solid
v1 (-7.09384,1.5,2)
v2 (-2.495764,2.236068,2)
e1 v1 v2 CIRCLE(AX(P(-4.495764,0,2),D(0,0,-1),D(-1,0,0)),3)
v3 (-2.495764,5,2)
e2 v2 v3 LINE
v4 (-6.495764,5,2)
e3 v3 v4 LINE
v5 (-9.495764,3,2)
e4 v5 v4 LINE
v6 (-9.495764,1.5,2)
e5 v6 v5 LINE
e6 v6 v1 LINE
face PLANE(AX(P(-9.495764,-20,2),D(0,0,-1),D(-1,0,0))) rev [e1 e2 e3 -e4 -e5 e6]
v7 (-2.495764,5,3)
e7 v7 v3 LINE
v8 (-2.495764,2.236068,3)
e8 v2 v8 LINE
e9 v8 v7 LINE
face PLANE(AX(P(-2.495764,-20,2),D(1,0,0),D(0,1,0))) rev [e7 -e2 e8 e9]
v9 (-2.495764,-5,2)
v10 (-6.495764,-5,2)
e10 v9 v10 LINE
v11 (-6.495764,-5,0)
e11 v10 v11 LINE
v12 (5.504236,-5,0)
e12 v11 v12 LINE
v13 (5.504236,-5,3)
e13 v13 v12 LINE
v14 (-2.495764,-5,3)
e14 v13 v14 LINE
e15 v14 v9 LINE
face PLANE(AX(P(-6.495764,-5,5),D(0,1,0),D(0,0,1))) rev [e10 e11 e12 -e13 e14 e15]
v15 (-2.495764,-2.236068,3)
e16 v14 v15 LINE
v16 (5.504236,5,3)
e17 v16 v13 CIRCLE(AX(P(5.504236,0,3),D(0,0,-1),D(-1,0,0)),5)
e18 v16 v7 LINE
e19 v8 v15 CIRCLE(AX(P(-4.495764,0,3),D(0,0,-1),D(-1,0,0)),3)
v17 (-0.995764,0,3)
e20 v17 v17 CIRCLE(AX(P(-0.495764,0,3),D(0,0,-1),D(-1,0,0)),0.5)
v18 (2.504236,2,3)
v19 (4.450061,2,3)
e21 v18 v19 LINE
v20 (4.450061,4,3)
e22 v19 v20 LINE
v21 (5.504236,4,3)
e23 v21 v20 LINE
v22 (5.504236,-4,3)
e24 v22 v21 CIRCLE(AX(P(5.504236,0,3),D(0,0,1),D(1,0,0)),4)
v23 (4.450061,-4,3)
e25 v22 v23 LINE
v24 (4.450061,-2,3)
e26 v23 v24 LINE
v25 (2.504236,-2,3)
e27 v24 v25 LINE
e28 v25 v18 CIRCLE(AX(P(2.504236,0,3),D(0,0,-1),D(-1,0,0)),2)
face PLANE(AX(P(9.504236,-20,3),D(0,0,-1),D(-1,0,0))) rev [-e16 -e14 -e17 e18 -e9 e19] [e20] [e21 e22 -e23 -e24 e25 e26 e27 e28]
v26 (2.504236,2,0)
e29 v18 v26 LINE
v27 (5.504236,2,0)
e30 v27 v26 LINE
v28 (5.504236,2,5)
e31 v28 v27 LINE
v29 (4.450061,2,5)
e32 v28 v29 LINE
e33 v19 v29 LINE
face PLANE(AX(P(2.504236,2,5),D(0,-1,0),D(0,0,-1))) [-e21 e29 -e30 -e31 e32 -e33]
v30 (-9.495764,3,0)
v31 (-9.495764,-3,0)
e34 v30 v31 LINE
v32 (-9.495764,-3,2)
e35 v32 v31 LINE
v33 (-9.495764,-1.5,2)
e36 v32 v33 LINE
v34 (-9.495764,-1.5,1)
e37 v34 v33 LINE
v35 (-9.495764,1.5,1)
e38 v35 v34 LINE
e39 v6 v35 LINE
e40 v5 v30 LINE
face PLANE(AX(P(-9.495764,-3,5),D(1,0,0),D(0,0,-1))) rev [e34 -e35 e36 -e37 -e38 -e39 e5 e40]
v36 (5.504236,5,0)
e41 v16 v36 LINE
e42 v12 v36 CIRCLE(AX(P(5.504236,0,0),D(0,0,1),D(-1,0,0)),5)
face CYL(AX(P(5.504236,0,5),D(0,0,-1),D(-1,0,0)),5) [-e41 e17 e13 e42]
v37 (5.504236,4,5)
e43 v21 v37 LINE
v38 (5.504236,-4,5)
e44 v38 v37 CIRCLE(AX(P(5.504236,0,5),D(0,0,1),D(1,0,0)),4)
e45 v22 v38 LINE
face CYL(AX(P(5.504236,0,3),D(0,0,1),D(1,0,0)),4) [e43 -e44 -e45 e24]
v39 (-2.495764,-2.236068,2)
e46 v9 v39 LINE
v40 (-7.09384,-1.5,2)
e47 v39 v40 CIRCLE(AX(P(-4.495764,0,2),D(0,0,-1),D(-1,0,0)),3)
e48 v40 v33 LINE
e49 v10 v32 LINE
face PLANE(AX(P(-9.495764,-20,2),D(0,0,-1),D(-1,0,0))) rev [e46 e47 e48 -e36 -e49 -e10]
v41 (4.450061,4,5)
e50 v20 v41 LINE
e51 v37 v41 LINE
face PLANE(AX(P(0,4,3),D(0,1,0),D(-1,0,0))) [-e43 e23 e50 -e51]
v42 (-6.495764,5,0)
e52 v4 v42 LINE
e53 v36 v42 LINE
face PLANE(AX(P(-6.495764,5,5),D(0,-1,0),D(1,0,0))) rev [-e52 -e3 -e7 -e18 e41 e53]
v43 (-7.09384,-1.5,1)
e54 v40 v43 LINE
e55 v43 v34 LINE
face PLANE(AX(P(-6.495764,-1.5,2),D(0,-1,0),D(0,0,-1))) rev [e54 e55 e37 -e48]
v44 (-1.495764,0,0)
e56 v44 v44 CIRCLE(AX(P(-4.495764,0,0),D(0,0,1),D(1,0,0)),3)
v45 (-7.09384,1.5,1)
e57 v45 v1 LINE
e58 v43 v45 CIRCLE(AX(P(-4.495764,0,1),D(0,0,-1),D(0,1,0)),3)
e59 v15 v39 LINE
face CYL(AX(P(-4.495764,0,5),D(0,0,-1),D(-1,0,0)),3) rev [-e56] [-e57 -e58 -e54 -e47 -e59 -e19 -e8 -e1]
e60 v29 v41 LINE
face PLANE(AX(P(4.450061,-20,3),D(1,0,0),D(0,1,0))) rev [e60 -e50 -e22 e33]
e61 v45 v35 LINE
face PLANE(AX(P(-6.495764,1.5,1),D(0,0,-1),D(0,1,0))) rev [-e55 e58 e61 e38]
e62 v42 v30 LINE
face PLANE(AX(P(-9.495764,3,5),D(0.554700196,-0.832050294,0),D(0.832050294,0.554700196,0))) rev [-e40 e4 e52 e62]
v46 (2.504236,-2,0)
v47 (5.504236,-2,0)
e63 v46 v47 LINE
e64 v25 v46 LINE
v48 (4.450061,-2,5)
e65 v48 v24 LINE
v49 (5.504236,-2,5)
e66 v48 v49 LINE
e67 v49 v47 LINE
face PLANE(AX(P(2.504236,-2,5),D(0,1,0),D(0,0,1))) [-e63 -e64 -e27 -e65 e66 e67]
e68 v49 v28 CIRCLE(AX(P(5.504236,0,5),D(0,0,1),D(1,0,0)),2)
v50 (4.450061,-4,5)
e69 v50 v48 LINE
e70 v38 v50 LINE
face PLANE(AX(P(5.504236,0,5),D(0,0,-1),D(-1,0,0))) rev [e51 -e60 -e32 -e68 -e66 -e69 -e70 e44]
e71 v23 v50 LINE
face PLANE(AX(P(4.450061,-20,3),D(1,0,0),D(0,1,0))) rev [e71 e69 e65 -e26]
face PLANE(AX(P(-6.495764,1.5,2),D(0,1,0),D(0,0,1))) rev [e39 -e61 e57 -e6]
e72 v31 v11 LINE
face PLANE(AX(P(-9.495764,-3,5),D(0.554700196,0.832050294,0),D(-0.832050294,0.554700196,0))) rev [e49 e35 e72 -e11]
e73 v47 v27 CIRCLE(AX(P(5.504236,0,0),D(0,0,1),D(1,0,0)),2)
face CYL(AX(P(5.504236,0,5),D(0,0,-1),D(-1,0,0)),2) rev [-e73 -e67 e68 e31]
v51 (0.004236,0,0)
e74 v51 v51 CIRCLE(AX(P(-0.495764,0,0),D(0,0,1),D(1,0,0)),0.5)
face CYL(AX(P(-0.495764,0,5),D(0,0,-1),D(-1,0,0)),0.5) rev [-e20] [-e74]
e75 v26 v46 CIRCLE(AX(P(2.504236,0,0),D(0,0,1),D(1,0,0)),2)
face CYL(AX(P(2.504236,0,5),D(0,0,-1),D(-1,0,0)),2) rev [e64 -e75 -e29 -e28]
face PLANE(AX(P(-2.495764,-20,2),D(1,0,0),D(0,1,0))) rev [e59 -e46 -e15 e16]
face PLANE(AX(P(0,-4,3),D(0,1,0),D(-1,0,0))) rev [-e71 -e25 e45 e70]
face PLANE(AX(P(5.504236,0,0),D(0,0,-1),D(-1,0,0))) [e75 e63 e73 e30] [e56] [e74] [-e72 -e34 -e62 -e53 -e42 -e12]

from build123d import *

# Parameters (mm, degrees)
SKETCH1_R           = 3
SKETCH1_R_2         = 0.5
BOSS_EXTRUDE1_DEPTH = 5
CUT_EXTRUDE1_DEPTH  = 25
CUT_EXTRUDE2_DEPTH  = 2
SKETCH4_W           = 1
SKETCH4_H           = 3
CUT_EXTRUDE3_DEPTH  = 3


with BuildPart() as part:
    # Sketch1 → Boss-Extrude1 (new body)
    with BuildSketch(Plane.XY):
        with BuildLine():
            Line((-9.495764101, 3), (-6.495764101, 5))
            Line((-6.495764101, 5), (5.504235899, 5))
            ThreePointArc((5.504235899, 5), (9.046847958, 3.528441554), (10.504195739, -0.02004008))
            ThreePointArc((10.504195739, -0.02004008), (9.032677453, -3.542612059), (5.504235899, -5))
            Line((5.504235899, -5), (-6.495764101, -5))
            Line((-6.495764101, -5), (-9.495764101, -3))
            Line((-9.495764101, -3), (-9.495764101, 3))
        make_face()
        with Locations((-4.495764101, 0)):
            Circle(SKETCH1_R, mode=Mode.SUBTRACT)
        with Locations((-0.495764101, 0)):
            Circle(SKETCH1_R_2, mode=Mode.SUBTRACT)
        with BuildLine():
            Line((2.504235899, 2), (5.504235899, 2))
            ThreePointArc((5.504235899, 2), (7.504235899, 0), (5.504235899, -2))
            Line((5.504235899, -2), (2.504235899, -2))
            ThreePointArc((2.504235899, -2), (0.504235899, 0), (2.504235899, 2))
        make_face(mode=Mode.SUBTRACT)
    extrude(amount=BOSS_EXTRUDE1_DEPTH)

    # Sketch2 → Cut-Extrude1 (cut)
    with BuildSketch(Plane(origin=(0, 5, 0), x_dir=(1, 0, 0), z_dir=(0, 1, 0))):
        Polygon((-9.495764101, -2), (-2.495764101, -2), (-2.495764101, -3), (4.450061274, -3), (4.450061274, -5), (9.504235899, -5), (9.504235899, -3), (10.504235899, -3), (10.504235899, -6.643116644), (-9.495764101, -6.643116644), align=None)
    extrude(amount=-CUT_EXTRUDE1_DEPTH, mode=Mode.SUBTRACT)

    # Sketch3 → Cut-Extrude2 (cut)
    with BuildSketch(Plane.XY.offset(5)):
        with BuildLine():
            Line((4.450061274, 5), (4.450061274, 4))
            Line((4.450061274, 4), (5.504235899, 4))
            ThreePointArc((5.504235899, 4), (8.332663024, 2.828427125), (9.504235899, 0))
            Line((9.504235899, 0), (9.504235899, 3))
            ThreePointArc((9.504235899, 3), (7.740303877, 4.472135955), (5.504235899, 5))
            Line((5.504235899, 5), (4.450061274, 5))
        make_face()
        with BuildLine():
            Line((5.504235899, -4), (4.450061274, -4))
            Line((4.450061274, -4), (4.450061274, -5))
            Line((4.450061274, -5), (5.504235899, -5))
            ThreePointArc((5.504235899, -5), (7.740303877, -4.472135955), (9.504235899, -3))
            Line((9.504235899, -3), (9.504235899, 0))
            ThreePointArc((9.504235899, 0), (8.332663024, -2.828427125), (5.504235899, -4))
        make_face()
        with BuildLine():
            Line((4.450061274, -4), (4.450061274, -2))
            Line((4.450061274, -2), (2.504235899, -2))
            ThreePointArc((2.504235899, -2), (0.504235899, 0), (2.504235899, 2))
            Line((2.504235899, 2), (4.450061274, 2))
            Line((4.450061274, 2), (4.450061274, 4))
            Line((4.450061274, 4), (4.429293772, 4))
            Line((4.429293772, 4), (2.504235899, 4))
            ThreePointArc((2.504235899, 4), (-1.495764101, 0), (2.504235899, -4))
            Line((2.504235899, -4), (4.450061274, -4))
        make_face()
    extrude(amount=-CUT_EXTRUDE2_DEPTH, mode=Mode.SUBTRACT)

    # Sketch4 → Cut-Extrude3 (cut)
    with BuildSketch(Plane.ZY.offset(9.495764101)):
        with Locations((1.5, 0)):
            Rectangle(SKETCH4_W, SKETCH4_H)
    extrude(amount=-CUT_EXTRUDE3_DEPTH, mode=Mode.SUBTRACT)


solid = part.part
